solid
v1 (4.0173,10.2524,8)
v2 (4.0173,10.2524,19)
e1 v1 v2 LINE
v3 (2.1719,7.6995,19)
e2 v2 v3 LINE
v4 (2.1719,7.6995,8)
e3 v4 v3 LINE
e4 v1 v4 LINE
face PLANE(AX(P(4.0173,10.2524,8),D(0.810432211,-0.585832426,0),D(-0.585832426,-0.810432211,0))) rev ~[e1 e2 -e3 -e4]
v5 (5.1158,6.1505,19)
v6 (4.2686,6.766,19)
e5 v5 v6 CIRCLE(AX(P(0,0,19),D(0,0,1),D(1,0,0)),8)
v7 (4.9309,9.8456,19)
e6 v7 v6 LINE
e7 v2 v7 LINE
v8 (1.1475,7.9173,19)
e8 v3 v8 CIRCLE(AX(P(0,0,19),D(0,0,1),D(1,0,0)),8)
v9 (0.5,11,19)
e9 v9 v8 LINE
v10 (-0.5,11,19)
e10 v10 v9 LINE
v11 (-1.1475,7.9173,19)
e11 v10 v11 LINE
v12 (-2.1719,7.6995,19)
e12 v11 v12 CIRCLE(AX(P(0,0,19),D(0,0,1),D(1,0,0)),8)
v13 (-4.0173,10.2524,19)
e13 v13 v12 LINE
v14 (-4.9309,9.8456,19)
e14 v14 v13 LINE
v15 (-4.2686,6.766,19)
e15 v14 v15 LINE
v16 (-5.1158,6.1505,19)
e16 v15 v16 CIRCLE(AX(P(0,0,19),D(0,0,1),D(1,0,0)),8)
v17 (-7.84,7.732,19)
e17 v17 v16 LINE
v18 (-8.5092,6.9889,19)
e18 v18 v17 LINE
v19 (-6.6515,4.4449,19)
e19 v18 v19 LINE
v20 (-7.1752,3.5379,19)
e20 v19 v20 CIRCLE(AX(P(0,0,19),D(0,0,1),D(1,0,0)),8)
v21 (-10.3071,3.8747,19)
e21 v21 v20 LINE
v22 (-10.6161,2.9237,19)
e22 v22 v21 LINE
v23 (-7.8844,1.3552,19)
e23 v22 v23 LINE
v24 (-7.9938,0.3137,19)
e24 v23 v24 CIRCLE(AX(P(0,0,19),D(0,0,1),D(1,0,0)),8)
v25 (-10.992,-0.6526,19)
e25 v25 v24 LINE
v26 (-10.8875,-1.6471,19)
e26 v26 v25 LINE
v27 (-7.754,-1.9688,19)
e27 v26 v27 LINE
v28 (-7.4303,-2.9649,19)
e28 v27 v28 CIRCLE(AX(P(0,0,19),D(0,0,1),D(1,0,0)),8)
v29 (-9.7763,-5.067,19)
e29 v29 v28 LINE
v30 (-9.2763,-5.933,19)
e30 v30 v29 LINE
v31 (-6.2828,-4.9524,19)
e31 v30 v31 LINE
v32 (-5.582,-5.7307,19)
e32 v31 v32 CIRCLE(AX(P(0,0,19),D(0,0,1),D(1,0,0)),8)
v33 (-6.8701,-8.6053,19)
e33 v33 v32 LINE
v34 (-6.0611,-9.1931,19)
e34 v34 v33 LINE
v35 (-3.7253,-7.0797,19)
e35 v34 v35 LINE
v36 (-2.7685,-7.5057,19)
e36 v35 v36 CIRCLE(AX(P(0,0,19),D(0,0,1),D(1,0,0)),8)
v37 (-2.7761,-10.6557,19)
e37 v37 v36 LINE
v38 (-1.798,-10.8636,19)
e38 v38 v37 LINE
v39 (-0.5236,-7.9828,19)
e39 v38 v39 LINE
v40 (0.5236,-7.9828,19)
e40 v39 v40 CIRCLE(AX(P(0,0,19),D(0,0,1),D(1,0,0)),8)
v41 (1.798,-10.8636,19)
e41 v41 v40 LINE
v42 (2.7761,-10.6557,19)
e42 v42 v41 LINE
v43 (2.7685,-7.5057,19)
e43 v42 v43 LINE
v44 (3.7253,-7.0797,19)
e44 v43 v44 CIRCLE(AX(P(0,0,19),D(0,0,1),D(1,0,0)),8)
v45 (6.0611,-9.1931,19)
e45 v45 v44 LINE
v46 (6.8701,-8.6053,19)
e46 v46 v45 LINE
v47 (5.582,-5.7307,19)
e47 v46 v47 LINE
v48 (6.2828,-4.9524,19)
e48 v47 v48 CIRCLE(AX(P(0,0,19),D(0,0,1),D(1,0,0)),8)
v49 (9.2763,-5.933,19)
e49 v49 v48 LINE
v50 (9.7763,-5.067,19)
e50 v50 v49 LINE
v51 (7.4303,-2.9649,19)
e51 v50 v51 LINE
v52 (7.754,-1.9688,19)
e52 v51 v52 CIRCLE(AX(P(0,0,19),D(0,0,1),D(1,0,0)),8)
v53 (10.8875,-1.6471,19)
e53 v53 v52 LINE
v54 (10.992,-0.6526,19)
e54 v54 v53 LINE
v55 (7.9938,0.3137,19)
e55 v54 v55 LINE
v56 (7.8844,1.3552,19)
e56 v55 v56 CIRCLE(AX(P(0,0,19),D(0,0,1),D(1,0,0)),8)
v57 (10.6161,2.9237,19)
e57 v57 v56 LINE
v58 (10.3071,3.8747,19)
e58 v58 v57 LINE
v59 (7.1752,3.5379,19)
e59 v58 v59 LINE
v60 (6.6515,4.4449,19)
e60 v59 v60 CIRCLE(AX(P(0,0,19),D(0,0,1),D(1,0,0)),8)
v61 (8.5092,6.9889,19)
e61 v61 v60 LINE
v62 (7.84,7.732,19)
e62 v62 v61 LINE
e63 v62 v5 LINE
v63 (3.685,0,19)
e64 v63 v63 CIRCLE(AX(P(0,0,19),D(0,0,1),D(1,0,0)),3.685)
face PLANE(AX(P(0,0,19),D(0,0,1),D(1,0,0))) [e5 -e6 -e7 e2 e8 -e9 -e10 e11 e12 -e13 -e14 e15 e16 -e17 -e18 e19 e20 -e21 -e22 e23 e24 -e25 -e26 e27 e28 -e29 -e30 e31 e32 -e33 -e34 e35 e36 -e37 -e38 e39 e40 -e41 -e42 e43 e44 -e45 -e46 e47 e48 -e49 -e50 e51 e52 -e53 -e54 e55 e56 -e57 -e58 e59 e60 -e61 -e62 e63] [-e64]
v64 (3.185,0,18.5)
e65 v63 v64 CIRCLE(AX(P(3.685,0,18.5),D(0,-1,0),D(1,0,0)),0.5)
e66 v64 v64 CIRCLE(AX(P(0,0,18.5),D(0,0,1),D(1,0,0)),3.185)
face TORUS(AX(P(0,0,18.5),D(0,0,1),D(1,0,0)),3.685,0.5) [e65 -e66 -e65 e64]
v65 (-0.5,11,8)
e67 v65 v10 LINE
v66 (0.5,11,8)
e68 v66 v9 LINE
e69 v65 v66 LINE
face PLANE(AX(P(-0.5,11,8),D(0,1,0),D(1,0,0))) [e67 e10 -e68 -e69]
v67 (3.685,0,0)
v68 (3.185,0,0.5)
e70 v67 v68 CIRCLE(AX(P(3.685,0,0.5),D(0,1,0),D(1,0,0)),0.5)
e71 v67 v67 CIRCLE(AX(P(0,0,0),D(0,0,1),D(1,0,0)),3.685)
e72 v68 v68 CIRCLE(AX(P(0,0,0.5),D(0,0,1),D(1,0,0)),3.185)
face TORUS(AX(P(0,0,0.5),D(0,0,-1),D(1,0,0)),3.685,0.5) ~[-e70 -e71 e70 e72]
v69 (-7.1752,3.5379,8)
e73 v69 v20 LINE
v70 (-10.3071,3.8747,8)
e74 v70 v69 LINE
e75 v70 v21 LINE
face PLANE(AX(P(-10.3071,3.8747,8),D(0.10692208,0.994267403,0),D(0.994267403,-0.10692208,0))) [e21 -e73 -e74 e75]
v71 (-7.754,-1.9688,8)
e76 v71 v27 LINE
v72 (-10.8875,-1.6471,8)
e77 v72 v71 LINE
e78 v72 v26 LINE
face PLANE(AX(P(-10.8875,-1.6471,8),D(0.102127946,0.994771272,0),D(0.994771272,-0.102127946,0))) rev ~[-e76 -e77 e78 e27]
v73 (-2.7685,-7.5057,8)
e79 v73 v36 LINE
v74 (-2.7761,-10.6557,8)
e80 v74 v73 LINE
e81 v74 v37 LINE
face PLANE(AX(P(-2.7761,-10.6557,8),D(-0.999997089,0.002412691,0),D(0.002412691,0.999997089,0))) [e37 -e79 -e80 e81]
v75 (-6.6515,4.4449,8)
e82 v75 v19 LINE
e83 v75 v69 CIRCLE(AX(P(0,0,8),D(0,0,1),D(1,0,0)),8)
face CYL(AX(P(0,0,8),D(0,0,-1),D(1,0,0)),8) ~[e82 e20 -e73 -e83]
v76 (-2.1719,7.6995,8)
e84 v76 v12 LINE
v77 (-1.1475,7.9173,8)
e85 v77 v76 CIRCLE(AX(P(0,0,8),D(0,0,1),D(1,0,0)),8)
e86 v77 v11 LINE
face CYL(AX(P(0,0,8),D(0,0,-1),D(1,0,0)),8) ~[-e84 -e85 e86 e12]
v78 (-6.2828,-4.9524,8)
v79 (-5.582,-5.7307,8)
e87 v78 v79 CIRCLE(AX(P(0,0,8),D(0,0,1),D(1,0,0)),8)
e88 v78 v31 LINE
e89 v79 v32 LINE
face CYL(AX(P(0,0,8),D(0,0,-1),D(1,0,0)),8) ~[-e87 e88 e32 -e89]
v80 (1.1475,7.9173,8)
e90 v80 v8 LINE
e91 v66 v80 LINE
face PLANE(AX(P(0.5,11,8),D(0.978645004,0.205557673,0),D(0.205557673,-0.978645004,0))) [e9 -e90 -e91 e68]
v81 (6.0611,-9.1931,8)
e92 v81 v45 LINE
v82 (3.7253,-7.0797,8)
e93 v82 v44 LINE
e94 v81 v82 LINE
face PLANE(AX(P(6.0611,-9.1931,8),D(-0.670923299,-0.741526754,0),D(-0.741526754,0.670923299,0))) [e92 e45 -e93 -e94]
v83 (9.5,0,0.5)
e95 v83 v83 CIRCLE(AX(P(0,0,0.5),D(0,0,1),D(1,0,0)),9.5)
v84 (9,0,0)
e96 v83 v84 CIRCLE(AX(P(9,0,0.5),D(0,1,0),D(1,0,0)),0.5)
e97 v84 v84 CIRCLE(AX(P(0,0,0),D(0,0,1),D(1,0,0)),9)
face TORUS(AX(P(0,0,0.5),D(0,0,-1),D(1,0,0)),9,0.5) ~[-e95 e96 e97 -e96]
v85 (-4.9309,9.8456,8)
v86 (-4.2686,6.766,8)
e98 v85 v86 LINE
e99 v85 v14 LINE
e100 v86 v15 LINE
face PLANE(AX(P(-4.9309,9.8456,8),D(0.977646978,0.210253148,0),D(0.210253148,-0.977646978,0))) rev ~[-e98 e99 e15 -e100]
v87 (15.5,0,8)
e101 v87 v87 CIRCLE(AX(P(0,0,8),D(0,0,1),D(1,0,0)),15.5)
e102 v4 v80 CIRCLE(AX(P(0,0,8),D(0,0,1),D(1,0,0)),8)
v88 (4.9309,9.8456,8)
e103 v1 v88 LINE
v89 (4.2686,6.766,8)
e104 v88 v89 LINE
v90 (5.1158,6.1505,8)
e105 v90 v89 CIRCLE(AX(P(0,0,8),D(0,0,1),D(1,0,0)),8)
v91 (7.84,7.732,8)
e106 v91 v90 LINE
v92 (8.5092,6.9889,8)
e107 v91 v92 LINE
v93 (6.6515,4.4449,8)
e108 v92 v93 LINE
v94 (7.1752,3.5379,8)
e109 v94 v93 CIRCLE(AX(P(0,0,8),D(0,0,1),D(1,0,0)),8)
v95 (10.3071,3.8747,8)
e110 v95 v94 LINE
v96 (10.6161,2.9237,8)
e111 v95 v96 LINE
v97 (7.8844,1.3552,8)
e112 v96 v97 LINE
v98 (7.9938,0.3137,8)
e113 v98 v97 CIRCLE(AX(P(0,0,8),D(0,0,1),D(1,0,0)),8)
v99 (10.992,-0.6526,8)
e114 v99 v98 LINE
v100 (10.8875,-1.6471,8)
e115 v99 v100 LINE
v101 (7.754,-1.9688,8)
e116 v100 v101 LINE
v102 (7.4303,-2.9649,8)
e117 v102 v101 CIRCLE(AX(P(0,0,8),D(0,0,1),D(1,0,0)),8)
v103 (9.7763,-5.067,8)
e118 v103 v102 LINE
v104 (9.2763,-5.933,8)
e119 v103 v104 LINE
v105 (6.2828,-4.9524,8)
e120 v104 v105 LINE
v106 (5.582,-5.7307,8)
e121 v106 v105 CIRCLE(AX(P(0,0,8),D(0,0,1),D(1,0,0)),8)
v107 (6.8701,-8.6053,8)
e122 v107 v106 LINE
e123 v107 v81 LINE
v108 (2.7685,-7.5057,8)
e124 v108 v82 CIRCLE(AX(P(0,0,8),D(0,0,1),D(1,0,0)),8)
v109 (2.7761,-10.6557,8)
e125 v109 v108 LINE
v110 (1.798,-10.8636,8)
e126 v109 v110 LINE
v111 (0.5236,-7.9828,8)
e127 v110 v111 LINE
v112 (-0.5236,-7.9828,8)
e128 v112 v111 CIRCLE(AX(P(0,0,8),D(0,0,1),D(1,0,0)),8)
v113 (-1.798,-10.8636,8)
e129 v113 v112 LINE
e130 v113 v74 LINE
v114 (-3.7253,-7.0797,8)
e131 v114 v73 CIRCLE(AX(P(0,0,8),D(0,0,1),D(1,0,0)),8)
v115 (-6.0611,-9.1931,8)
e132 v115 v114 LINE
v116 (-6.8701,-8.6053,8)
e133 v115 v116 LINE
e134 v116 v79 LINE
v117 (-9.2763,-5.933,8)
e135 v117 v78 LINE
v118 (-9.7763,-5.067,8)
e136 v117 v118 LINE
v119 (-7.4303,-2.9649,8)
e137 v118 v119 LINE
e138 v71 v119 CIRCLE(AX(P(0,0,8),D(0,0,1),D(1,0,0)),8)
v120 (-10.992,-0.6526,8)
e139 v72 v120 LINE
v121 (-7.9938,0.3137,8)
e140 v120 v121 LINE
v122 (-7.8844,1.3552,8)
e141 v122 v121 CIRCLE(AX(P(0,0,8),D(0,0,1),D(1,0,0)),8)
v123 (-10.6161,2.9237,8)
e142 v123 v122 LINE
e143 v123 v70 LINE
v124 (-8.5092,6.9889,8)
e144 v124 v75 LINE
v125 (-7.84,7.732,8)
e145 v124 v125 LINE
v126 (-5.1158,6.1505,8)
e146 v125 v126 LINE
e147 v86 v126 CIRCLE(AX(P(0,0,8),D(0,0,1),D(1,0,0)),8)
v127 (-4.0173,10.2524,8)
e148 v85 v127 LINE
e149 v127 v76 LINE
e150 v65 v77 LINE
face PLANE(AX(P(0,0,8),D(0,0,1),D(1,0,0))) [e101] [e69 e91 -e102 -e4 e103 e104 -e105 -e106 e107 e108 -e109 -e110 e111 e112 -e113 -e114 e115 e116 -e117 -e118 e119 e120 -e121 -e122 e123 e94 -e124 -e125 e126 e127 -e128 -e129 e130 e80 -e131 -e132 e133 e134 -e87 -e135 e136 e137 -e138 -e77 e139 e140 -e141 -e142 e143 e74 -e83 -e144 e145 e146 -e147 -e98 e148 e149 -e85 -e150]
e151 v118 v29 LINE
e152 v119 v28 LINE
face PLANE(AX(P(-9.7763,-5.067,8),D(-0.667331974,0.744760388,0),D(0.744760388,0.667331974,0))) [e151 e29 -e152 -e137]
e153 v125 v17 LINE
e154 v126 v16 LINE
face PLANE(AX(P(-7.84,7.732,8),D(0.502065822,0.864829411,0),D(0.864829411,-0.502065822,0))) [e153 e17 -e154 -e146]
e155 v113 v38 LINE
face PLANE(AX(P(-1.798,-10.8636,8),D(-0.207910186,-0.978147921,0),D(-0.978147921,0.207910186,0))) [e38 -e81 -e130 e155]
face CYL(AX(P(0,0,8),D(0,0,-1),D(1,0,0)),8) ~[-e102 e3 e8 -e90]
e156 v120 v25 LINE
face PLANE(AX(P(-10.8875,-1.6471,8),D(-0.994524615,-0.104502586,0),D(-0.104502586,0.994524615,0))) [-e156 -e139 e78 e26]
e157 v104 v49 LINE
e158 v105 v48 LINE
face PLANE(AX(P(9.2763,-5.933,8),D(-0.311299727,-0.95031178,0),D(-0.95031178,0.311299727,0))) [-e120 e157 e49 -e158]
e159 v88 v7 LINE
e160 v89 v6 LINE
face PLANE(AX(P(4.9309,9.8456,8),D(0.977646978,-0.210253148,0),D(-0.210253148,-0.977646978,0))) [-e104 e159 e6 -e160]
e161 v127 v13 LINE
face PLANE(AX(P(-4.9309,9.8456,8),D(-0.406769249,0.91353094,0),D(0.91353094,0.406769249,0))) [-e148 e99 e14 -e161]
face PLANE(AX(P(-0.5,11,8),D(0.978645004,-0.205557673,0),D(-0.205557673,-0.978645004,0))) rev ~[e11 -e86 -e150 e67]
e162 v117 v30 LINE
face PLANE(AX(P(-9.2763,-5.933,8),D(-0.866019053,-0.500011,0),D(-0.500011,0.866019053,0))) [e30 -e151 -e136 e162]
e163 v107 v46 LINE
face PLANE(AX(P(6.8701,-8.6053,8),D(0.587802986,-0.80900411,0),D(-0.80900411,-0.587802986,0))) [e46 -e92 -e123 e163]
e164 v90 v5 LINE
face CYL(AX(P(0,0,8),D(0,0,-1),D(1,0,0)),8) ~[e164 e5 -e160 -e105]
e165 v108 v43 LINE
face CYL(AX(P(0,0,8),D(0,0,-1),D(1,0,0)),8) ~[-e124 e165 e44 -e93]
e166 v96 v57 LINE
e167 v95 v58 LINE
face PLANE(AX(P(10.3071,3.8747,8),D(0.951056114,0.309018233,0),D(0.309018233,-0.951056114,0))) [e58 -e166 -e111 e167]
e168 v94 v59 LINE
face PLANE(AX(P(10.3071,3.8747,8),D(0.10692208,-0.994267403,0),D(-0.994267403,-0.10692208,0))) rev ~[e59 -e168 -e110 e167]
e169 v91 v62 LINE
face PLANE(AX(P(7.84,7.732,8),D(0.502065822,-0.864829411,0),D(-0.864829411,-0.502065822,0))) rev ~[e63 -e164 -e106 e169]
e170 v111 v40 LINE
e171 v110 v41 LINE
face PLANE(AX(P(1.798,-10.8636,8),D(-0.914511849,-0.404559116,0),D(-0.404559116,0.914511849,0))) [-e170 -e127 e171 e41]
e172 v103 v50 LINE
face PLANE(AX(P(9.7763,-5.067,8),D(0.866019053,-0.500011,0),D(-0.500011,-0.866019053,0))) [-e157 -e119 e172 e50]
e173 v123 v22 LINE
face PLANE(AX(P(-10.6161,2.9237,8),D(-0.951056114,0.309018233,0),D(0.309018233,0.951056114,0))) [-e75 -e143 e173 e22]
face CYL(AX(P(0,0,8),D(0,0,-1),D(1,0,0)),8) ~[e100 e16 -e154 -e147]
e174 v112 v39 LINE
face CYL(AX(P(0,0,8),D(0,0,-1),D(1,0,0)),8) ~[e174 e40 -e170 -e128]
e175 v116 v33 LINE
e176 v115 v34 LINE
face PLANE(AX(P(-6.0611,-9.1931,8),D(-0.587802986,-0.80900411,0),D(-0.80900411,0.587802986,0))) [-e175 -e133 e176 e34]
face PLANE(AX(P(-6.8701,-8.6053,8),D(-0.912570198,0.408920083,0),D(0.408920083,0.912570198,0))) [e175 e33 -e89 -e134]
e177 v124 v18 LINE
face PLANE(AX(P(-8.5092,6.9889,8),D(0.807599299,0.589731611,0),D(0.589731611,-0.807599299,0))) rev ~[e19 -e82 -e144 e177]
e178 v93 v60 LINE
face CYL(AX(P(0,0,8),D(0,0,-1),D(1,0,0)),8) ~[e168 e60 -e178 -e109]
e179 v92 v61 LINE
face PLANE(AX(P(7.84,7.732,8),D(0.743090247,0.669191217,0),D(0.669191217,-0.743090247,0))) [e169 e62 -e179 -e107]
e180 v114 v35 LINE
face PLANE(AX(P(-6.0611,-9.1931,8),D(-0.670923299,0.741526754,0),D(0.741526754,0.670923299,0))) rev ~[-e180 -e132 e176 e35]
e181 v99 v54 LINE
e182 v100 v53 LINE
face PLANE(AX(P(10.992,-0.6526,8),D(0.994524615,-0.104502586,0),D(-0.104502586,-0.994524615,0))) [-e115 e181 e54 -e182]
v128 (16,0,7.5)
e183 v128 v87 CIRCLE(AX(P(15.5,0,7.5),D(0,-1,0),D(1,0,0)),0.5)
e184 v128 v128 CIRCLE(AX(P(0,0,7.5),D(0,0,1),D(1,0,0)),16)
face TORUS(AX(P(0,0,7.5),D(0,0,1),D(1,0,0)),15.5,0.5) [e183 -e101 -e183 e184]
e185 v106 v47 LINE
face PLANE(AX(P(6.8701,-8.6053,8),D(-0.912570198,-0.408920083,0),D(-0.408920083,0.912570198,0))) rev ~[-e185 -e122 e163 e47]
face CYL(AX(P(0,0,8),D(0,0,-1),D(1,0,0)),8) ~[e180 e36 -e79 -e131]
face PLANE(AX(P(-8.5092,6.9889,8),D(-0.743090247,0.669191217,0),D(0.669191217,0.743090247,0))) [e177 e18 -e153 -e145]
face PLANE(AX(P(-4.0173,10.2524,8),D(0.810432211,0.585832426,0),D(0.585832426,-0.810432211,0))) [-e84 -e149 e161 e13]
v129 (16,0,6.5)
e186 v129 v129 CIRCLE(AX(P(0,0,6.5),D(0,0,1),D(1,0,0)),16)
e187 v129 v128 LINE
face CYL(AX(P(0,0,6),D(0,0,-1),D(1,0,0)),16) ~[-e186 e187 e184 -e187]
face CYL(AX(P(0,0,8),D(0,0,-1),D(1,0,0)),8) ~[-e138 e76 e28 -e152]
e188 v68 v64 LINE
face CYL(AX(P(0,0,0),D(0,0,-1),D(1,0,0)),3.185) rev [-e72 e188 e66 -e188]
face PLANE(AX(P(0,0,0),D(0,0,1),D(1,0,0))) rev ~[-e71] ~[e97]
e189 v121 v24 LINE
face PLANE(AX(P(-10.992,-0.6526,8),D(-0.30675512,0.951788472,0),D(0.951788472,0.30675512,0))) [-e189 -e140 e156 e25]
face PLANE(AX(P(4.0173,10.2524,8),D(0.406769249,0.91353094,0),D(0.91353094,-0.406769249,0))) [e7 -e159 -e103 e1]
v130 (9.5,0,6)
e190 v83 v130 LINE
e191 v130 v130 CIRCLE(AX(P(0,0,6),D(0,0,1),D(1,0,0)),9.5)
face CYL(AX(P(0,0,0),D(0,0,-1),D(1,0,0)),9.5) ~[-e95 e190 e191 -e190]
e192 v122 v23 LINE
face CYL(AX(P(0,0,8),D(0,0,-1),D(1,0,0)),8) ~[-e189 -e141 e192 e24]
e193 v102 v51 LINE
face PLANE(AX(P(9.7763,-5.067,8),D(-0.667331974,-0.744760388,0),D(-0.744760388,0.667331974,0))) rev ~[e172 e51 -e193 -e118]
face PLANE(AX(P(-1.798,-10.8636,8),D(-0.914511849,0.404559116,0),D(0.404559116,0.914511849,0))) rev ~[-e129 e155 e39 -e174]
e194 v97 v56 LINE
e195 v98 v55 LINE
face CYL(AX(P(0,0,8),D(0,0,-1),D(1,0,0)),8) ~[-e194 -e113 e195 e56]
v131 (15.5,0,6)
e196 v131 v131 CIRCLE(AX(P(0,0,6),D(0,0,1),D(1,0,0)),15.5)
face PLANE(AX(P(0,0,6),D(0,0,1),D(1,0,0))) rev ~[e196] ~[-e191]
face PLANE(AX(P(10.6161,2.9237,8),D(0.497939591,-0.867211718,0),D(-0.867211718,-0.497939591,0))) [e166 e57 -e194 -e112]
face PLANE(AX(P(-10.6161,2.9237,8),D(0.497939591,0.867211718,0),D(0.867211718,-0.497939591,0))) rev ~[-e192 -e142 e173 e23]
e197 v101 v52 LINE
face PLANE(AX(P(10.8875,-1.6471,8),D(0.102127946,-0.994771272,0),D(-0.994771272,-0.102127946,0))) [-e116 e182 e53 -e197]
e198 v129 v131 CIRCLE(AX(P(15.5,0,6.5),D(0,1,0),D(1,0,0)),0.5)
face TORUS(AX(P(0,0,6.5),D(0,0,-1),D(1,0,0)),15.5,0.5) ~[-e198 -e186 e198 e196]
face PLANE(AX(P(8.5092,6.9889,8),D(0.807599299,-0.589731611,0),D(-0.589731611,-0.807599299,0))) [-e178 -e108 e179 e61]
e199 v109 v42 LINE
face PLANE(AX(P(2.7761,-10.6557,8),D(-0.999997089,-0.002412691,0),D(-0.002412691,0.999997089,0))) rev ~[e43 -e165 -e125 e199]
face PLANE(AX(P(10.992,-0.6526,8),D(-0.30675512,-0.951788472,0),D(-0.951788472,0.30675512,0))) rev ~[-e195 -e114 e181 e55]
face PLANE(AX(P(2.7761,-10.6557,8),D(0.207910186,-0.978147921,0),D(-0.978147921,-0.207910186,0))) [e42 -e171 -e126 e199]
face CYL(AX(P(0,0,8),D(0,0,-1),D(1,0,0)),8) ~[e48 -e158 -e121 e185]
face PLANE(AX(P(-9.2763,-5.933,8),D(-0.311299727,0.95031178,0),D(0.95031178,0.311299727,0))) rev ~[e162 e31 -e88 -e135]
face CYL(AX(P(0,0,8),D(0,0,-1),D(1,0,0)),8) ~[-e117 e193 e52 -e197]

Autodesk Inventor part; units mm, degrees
ref_plane "YZ Plane" through (0, 0, 0) normal (1, 0, 0) x (0, 1, 0)
ref_plane "XZ Plane" through (0, 0, 0) normal (0, 1, 0) x (-1, 0, 0)
ref_plane "XY Plane" through (0, 0, 0) normal (0, 0, 1) x (1, 0, 0)
sketch "Szkic1" plane through (0, 0, 0) normal (0, 0, 1) x (1, 0, 0)
  circle A0 centre (0, 0) radius 9.5
  circle A1 centre (0, 0) radius 3.185
  dimension "d0" = 19
  dimension "d3" = 6.37
extrude "Wyciągnięcie proste2" add sketch "Szkic1" along normal blind 6
sketch "Szkic2" plane through (0, 0, 6) normal (0, 0, 1) x (1, 0, 0)
  circle A0 centre (0, 0) radius 3.185 projected
  circle A1 centre (0, 0) radius 16
  circle A2 centre (0, 0) radius 3.185
  dimension "d6" = 32
extrude "Wyciągnięcie proste3" add sketch "Szkic2" along normal blind 2
sketch "Szkic3" plane through (0, 0, 8) normal (0, 0, 1) x (1, 0, 0)
  circle A0 centre (0, 0) radius 8
  circle A1 centre (0, 0) radius 3.185
  line L0 (0, 8) -> (0, 11) construction
  line L1 (-0.5, 11) -> (0.5, 11)
  line L2 (0.5, 11) -> (1.1475, 7.9173)
  line L3 (-0.5, 11) -> (-1.1475, 7.9173)
  line L4 (-3.2539, 7.3084) -> (-4.4741, 10.049) construction
  line L5 (-4.9309, 9.8456) -> (-4.2686, 6.766)
  line L6 (-4.9309, 9.8456) -> (-4.0173, 10.2524)
  line L7 (-4.0173, 10.2524) -> (-2.1719, 7.6995)
  line L8 (-5.9452, 5.353) -> (-8.1746, 7.3604) construction
  line L9 (-8.5092, 6.9889) -> (-6.6515, 4.4449)
  line L10 (-8.5092, 6.9889) -> (-7.84, 7.732)
  line L11 (-7.84, 7.732) -> (-5.1158, 6.1505)
  line L12 (-7.6085, 2.4721) -> (-10.4616, 3.3992) construction
  line L13 (-10.6161, 2.9237) -> (-7.8844, 1.3552)
  line L14 (-10.6161, 2.9237) -> (-10.3071, 3.8747)
  line L15 (-10.3071, 3.8747) -> (-7.1752, 3.5379)
  line L16 (-7.9562, -0.8362) -> (-10.9397, -1.1498) construction
  line L17 (-10.8875, -1.6471) -> (-7.754, -1.9688)
  line L18 (-10.8875, -1.6471) -> (-10.992, -0.6526)
  line L19 (-10.992, -0.6526) -> (-7.9938, 0.3137)
  line L20 (-6.9282, -4) -> (-9.5263, -5.5) construction
  line L21 (-9.2763, -5.933) -> (-6.2828, -4.9524)
  line L22 (-9.2763, -5.933) -> (-9.7763, -5.067)
  line L23 (-9.7763, -5.067) -> (-7.4303, -2.9649)
  line L24 (-4.7023, -6.4721) -> (-6.4656, -8.8992) construction
  line L25 (-6.0611, -9.1931) -> (-3.7253, -7.0797)
  line L26 (-6.0611, -9.1931) -> (-6.8701, -8.6053)
  line L27 (-6.8701, -8.6053) -> (-5.582, -5.7307)
  line L28 (-1.6633, -7.8252) -> (-2.287, -10.7596) construction
  line L29 (-1.798, -10.8636) -> (-0.5236, -7.9828)
  line L30 (-1.798, -10.8636) -> (-2.7761, -10.6557)
  line L31 (-2.7761, -10.6557) -> (-2.7685, -7.5057)
  line L32 (1.6633, -7.8252) -> (2.287, -10.7596) construction
  line L33 (2.7761, -10.6557) -> (2.7685, -7.5057)
  line L34 (2.7761, -10.6557) -> (1.798, -10.8636)
  line L35 (1.798, -10.8636) -> (0.5236, -7.9828)
  line L36 (4.7023, -6.4721) -> (6.4656, -8.8992) construction
  line L37 (6.8701, -8.6053) -> (5.582, -5.7307)
  line L38 (6.8701, -8.6053) -> (6.0611, -9.1931)
  line L39 (6.0611, -9.1931) -> (3.7253, -7.0797)
  line L40 (6.9282, -4) -> (9.5263, -5.5) construction
  line L41 (9.7763, -5.067) -> (7.4303, -2.9649)
  line L42 (9.7763, -5.067) -> (9.2763, -5.933)
  line L43 (9.2763, -5.933) -> (6.2828, -4.9524)
  line L44 (7.9562, -0.8362) -> (10.9397, -1.1498) construction
  line L45 (10.992, -0.6526) -> (7.9938, 0.3137)
  line L46 (10.992, -0.6526) -> (10.8875, -1.6471)
  line L47 (10.8875, -1.6471) -> (7.754, -1.9688)
  line L48 (7.6085, 2.4721) -> (10.4616, 3.3992) construction
  line L49 (10.3071, 3.8747) -> (7.1752, 3.5379)
  line L50 (10.3071, 3.8747) -> (10.6161, 2.9237)
  line L51 (10.6161, 2.9237) -> (7.8844, 1.3552)
  line L52 (5.9452, 5.353) -> (8.1746, 7.3604) construction
  line L53 (7.84, 7.732) -> (5.1158, 6.1505)
  line L54 (7.84, 7.732) -> (8.5092, 6.9889)
  line L55 (8.5092, 6.9889) -> (6.6515, 4.4449)
  line L56 (3.2539, 7.3084) -> (4.4741, 10.049) construction
  line L57 (4.0173, 10.2524) -> (2.1719, 7.6995)
  line L58 (4.0173, 10.2524) -> (4.9309, 9.8456)
  line L59 (4.9309, 9.8456) -> (4.2686, 6.766)
  dimension "d9" = 16
  dimension "d10" = 3
  dimension "d11" = 1
  dimension "d12" = 3.15
  dimension "d15" = 360
extrude "Wyciągnięcie proste4" add sketch "Szkic3" along normal blind 11
sketch "Szkic4" plane through (0, 0, 19) normal (0, 0, 1) x (1, 0, 0)
  point P0 (0, 0)
fillet "Zaokrąglenie1" radius 0.5 1 edges at (-16, 0, 8)
fillet "Zaokrąglenie2" radius 0.5 4 edges at (-16, 0, 6) (-9.5, 0, 0) (-3.185, 0, 19) (-3.185, 0, 0)
properties part number "kolo_zebate_do_pasa_fi32_6,370_L19"
